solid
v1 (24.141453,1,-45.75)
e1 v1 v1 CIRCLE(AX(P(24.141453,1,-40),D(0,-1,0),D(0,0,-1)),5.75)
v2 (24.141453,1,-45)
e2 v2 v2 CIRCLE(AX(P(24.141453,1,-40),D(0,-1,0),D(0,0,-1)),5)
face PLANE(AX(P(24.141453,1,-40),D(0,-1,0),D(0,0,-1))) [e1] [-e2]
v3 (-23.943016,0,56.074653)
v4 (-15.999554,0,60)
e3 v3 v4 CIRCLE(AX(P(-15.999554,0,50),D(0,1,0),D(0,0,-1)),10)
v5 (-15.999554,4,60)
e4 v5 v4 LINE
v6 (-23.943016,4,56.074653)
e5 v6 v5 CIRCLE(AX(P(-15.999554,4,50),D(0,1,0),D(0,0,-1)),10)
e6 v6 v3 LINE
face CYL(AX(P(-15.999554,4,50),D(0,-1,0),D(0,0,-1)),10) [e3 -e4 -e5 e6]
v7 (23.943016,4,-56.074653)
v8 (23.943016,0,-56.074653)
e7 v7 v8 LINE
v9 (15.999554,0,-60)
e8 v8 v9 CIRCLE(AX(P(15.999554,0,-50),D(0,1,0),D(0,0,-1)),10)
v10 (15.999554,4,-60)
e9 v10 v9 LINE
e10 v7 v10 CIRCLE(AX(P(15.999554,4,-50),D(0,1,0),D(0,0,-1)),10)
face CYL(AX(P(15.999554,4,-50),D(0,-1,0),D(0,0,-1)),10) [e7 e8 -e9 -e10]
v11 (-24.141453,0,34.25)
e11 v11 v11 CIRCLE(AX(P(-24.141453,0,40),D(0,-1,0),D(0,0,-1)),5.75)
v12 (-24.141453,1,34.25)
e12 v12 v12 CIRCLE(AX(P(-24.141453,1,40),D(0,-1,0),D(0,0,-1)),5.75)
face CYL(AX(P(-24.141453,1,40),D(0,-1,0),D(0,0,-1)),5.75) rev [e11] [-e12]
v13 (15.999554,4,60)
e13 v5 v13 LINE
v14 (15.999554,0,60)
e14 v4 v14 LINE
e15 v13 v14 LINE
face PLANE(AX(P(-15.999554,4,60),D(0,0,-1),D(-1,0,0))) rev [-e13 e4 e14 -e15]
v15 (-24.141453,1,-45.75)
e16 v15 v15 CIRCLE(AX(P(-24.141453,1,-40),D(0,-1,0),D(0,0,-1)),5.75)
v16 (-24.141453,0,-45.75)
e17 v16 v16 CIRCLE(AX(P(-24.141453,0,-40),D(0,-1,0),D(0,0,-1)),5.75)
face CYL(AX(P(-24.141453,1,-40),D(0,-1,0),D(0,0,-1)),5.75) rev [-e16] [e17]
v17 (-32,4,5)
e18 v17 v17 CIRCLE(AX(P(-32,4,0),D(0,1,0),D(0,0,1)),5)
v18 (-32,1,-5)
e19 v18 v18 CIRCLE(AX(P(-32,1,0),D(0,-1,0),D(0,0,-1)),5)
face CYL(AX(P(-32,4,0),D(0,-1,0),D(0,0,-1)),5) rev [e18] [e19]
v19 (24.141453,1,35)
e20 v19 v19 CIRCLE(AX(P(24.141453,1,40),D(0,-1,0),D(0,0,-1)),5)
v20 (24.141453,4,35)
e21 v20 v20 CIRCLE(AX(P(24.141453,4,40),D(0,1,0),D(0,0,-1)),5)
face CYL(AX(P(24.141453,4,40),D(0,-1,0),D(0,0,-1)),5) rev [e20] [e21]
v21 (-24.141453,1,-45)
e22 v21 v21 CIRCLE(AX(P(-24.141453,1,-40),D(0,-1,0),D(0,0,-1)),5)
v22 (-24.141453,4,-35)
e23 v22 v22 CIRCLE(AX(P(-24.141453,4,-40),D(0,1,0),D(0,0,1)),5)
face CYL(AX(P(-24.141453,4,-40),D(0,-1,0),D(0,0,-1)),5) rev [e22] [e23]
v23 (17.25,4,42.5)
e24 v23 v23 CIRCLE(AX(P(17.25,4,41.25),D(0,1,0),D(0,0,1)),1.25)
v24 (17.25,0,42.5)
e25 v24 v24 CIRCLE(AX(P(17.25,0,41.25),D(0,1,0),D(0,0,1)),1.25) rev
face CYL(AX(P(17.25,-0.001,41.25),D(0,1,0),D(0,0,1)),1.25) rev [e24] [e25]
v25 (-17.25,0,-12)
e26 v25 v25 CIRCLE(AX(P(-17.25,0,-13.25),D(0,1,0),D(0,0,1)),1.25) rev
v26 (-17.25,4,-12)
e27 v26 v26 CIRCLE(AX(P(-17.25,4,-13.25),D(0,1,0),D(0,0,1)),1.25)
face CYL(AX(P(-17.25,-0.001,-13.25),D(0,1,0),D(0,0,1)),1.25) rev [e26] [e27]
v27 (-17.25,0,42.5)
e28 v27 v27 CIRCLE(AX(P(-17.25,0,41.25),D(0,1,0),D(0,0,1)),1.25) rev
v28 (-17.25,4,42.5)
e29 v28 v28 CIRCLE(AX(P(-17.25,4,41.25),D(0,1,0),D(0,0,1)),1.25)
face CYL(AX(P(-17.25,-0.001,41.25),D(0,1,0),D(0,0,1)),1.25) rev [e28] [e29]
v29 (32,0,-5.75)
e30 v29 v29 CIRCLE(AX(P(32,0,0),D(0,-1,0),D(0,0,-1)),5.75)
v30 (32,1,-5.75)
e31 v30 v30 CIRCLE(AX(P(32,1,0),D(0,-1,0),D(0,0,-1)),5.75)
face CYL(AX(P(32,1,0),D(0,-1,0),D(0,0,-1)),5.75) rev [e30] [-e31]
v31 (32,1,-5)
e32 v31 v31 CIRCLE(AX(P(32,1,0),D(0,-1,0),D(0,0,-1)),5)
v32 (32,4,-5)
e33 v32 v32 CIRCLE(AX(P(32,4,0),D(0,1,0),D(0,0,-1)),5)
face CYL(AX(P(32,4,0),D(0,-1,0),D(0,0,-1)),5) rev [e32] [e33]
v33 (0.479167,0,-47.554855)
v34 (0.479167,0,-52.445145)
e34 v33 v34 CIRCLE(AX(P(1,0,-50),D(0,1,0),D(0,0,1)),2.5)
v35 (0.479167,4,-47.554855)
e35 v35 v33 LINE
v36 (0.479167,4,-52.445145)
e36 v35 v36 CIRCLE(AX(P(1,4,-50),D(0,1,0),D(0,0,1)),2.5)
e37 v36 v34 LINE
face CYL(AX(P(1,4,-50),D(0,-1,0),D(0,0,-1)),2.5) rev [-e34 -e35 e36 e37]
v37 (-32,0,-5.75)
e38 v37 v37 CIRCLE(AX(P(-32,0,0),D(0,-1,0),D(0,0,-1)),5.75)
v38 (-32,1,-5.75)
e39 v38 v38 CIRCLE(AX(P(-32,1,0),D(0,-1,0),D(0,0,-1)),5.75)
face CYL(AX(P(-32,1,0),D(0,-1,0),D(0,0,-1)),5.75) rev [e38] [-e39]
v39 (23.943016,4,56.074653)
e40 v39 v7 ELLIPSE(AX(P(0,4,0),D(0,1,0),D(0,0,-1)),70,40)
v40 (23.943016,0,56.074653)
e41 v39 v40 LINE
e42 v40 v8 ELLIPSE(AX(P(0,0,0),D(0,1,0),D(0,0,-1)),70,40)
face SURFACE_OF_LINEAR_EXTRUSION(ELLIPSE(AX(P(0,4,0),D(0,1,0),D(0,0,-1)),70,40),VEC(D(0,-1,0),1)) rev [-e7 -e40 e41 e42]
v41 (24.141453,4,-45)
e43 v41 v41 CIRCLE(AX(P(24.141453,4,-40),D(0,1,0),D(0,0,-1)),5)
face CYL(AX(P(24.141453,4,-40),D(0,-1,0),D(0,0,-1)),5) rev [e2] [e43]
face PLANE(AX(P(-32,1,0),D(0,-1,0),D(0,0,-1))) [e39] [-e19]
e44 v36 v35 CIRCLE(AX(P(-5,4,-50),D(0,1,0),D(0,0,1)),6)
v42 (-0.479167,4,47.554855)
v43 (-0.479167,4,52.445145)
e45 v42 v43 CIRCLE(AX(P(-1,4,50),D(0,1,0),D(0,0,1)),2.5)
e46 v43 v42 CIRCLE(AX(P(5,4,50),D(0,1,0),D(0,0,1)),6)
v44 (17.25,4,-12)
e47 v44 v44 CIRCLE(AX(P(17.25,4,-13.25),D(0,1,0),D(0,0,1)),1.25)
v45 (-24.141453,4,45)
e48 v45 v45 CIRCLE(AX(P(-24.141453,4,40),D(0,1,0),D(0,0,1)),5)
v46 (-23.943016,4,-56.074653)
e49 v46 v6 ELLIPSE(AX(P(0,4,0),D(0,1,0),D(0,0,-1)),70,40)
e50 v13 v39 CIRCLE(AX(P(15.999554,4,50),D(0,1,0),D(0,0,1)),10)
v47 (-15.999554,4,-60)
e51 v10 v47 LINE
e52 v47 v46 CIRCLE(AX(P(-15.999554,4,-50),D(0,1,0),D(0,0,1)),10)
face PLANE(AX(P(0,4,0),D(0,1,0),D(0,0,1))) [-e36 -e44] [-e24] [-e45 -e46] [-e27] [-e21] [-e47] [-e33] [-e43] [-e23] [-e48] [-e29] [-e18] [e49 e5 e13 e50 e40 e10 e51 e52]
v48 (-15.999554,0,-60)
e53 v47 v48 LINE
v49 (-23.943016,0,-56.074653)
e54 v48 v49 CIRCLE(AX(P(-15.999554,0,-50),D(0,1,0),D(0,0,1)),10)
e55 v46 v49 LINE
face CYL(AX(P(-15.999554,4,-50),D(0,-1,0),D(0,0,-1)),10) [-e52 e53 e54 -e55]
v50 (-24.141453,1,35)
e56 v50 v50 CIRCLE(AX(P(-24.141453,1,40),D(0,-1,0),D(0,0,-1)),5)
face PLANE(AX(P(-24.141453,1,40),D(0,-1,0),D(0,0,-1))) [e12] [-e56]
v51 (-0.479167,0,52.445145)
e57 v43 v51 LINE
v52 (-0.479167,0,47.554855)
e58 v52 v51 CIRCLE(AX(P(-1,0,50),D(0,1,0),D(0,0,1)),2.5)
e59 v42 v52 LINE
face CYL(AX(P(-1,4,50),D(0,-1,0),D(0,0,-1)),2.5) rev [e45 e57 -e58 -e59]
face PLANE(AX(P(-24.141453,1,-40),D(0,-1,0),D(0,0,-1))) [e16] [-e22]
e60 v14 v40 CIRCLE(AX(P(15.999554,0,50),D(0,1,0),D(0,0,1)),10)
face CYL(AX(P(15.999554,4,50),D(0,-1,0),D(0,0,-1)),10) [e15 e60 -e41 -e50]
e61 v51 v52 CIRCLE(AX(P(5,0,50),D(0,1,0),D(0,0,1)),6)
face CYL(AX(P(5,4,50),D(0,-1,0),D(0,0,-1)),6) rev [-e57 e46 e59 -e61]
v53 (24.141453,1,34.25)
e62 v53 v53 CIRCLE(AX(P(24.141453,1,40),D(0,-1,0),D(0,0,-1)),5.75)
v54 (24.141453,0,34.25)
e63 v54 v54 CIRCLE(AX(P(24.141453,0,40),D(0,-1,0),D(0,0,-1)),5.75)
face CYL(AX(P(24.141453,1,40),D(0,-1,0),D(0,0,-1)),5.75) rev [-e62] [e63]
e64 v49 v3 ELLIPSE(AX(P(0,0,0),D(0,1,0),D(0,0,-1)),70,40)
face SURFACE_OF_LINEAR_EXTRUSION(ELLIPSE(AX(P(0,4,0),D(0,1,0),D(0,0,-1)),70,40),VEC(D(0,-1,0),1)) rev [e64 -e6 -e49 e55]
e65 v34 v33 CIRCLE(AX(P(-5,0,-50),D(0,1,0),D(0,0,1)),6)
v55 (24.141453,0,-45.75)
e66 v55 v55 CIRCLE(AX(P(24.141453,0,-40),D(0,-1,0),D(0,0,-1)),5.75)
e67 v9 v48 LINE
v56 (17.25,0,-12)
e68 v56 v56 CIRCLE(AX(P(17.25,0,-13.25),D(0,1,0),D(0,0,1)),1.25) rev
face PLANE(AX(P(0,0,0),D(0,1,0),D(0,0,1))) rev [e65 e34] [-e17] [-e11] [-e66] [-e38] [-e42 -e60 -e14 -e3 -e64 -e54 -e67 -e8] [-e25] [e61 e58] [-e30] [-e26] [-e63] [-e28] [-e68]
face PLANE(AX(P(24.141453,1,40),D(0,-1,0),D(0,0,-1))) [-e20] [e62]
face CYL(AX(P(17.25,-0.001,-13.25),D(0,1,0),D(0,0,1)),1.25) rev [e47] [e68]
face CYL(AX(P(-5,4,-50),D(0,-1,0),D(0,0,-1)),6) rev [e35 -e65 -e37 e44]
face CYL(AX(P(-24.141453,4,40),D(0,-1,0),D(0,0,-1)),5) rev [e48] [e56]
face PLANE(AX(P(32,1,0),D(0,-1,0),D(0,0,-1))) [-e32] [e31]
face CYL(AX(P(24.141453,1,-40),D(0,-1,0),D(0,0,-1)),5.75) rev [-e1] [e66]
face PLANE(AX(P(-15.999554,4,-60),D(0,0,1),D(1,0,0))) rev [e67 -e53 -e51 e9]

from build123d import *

# Parameters (mm, degrees)
SKETCH1_R           = 5
BOSS_EXTRUDE1_DEPTH = 4
SKETCH3_R           = 5.75
CUT_EXTRUDE2_DEPTH  = 1
CUT_EXTRUDE3_REACH  = 74.222
SKETCH4_R           = 1.25


with BuildPart() as part:
    # Sketch1 → Boss-Extrude1 (new body)
    with BuildSketch(Plane(origin=(0, 0, 0), x_dir=(1, 0, 0), z_dir=(0, 1, 0))):
        with BuildLine():
            Line((-15.999553812, 60), (15.999553812, 60))
            ThreePointArc((15.999553812, 60), (20.429760931, 58.965113769), (23.94301598, 56.074652977))
            add(Edge.make_bspline(
                [(23.94301598, -56.074652977), (66.825332337, 0), (23.94301598, 56.074652977)],
                knots=[3.783314198, 3.783314198, 3.783314198, 5.641463762, 5.641463762, 5.641463762], degree=2, weights=[1, 0.598575399, 1]))
            ThreePointArc((23.94301598, -56.074652977), (20.429760931, -58.965113769), (15.999553812, -60))
            Line((15.999553812, -60), (-15.999553812, -60))
            ThreePointArc((-15.999553812, -60), (-20.429760931, -58.965113769), (-23.94301598, -56.074652977))
            add(Edge.make_bspline(
                [(-23.94301598, 56.074652977), (-66.825332337, 0), (-23.94301598, -56.074652977)],
                knots=[0.641721545, 0.641721545, 0.641721545, 2.499871109, 2.499871109, 2.499871109], degree=2, weights=[1, 0.598575399, 1]))
            ThreePointArc((-23.94301598, 56.074652977), (-20.429760931, 58.965113769), (-15.999553812, 60))
        make_face()
        with Locations(Location((-32, 0, 0), (0, 0, 270))):
            Circle(SKETCH1_R, mode=Mode.SUBTRACT)
        with Locations(Location((-24.141452548, 40, 0), (0, 0, 270))):
            Circle(SKETCH1_R, mode=Mode.SUBTRACT)
        with Locations(Location((-24.141452548, -40, 0), (0, 0, 270))):
            Circle(SKETCH1_R, mode=Mode.SUBTRACT)
        with Locations(Location((24.141452548, -40, 0), (0, 0, 90))):
            Circle(SKETCH1_R, mode=Mode.SUBTRACT)
        with Locations(Location((32, 0, 0), (0, 0, 90))):
            Circle(SKETCH1_R, mode=Mode.SUBTRACT)
        with Locations(Location((24.141452548, 40, 0), (0, 0, 90))):
            Circle(SKETCH1_R, mode=Mode.SUBTRACT)
        with BuildLine():
            ThreePointArc((-0.479166667, -52.445144707), (11, -50), (-0.479166667, -47.554855293))
            ThreePointArc((-0.479166667, -47.554855293), (-3.5, -50), (-0.479166667, -52.445144707))
        make_face(mode=Mode.SUBTRACT)
        with BuildLine():
            ThreePointArc((0.479166667, 52.445144707), (-11, 50), (0.479166667, 47.554855293))
            ThreePointArc((0.479166667, 47.554855293), (3.5, 50), (0.479166667, 52.445144707))
        make_face(mode=Mode.SUBTRACT)
    extrude(amount=BOSS_EXTRUDE1_DEPTH)

    # Sketch3 → Cut-Extrude2 (cut)
    with BuildSketch(Plane.XZ):
        with Locations(Location((-24.141452548, -40, 0), (0, 0, 270))):
            Circle(SKETCH3_R)
        with Locations(Location((24.141452548, -40, 0), (0, 0, 270))):
            Circle(SKETCH3_R)
        with Locations(Location((32, 0, 0), (0, 0, 270))):
            Circle(SKETCH3_R)
        with Locations(Location((24.141452548, 40, 0), (0, 0, 270))):
            Circle(SKETCH3_R)
        with Locations(Location((-24.141452548, 40, 0), (0, 0, 270))):
            Circle(SKETCH3_R)
        with Locations(Location((-32, 0, 0), (0, 0, 270))):
            Circle(SKETCH3_R)
    extrude(amount=-CUT_EXTRUDE2_DEPTH, mode=Mode.SUBTRACT)

    # Sketch4 → Cut-Extrude3 (cut, up to next)
    with BuildSketch(Plane(origin=(0, 4, 0), x_dir=(1, 0, 0), z_dir=(0, 1, 0)), mode=Mode.PRIVATE) as cut_extrude3_sk1:
        with Locations(Location((17.25, -41.25, 0), (0, 0, 270))):
            Circle(SKETCH4_R)
    cut_extrude3_tool1 = extrude(cut_extrude3_sk1.sketch, amount=-CUT_EXTRUDE3_REACH, mode=Mode.PRIVATE) & part.part
    # Sketch4 → Cut-Extrude3 (cut, up to next)
    with BuildSketch(Plane(origin=(0, 4, 0), x_dir=(1, 0, 0), z_dir=(0, 1, 0)), mode=Mode.PRIVATE) as cut_extrude3_sk2:
        with Locations(Location((17.25, 13.25, 0), (0, 0, 270))):
            Circle(SKETCH4_R)
    cut_extrude3_tool2 = extrude(cut_extrude3_sk2.sketch, amount=-CUT_EXTRUDE3_REACH, mode=Mode.PRIVATE) & part.part
    # Sketch4 → Cut-Extrude3 (cut, up to next)
    with BuildSketch(Plane(origin=(0, 4, 0), x_dir=(1, 0, 0), z_dir=(0, 1, 0)), mode=Mode.PRIVATE) as cut_extrude3_sk3:
        with Locations(Location((-17.25, 13.25, 0), (0, 0, 270))):
            Circle(SKETCH4_R)
    cut_extrude3_tool3 = extrude(cut_extrude3_sk3.sketch, amount=-CUT_EXTRUDE3_REACH, mode=Mode.PRIVATE) & part.part
    # Sketch4 → Cut-Extrude3 (cut, up to next)
    with BuildSketch(Plane(origin=(0, 4, 0), x_dir=(1, 0, 0), z_dir=(0, 1, 0)), mode=Mode.PRIVATE) as cut_extrude3_sk4:
        with Locations(Location((-17.25, -41.25, 0), (0, 0, 270))):
            Circle(SKETCH4_R)
    cut_extrude3_tool4 = extrude(cut_extrude3_sk4.sketch, amount=-CUT_EXTRUDE3_REACH, mode=Mode.PRIVATE) & part.part
    add(cut_extrude3_tool1.solids().sort_by_distance((17.25, 4, 41.25))[0], mode=Mode.SUBTRACT)
    add(cut_extrude3_tool2.solids().sort_by_distance((17.25, 4, -13.25))[0], mode=Mode.SUBTRACT)
    add(cut_extrude3_tool3.solids().sort_by_distance((-17.25, 4, -13.25))[0], mode=Mode.SUBTRACT)
    add(cut_extrude3_tool4.solids().sort_by_distance((-17.25, 4, 41.25))[0], mode=Mode.SUBTRACT)


solid = part.part
